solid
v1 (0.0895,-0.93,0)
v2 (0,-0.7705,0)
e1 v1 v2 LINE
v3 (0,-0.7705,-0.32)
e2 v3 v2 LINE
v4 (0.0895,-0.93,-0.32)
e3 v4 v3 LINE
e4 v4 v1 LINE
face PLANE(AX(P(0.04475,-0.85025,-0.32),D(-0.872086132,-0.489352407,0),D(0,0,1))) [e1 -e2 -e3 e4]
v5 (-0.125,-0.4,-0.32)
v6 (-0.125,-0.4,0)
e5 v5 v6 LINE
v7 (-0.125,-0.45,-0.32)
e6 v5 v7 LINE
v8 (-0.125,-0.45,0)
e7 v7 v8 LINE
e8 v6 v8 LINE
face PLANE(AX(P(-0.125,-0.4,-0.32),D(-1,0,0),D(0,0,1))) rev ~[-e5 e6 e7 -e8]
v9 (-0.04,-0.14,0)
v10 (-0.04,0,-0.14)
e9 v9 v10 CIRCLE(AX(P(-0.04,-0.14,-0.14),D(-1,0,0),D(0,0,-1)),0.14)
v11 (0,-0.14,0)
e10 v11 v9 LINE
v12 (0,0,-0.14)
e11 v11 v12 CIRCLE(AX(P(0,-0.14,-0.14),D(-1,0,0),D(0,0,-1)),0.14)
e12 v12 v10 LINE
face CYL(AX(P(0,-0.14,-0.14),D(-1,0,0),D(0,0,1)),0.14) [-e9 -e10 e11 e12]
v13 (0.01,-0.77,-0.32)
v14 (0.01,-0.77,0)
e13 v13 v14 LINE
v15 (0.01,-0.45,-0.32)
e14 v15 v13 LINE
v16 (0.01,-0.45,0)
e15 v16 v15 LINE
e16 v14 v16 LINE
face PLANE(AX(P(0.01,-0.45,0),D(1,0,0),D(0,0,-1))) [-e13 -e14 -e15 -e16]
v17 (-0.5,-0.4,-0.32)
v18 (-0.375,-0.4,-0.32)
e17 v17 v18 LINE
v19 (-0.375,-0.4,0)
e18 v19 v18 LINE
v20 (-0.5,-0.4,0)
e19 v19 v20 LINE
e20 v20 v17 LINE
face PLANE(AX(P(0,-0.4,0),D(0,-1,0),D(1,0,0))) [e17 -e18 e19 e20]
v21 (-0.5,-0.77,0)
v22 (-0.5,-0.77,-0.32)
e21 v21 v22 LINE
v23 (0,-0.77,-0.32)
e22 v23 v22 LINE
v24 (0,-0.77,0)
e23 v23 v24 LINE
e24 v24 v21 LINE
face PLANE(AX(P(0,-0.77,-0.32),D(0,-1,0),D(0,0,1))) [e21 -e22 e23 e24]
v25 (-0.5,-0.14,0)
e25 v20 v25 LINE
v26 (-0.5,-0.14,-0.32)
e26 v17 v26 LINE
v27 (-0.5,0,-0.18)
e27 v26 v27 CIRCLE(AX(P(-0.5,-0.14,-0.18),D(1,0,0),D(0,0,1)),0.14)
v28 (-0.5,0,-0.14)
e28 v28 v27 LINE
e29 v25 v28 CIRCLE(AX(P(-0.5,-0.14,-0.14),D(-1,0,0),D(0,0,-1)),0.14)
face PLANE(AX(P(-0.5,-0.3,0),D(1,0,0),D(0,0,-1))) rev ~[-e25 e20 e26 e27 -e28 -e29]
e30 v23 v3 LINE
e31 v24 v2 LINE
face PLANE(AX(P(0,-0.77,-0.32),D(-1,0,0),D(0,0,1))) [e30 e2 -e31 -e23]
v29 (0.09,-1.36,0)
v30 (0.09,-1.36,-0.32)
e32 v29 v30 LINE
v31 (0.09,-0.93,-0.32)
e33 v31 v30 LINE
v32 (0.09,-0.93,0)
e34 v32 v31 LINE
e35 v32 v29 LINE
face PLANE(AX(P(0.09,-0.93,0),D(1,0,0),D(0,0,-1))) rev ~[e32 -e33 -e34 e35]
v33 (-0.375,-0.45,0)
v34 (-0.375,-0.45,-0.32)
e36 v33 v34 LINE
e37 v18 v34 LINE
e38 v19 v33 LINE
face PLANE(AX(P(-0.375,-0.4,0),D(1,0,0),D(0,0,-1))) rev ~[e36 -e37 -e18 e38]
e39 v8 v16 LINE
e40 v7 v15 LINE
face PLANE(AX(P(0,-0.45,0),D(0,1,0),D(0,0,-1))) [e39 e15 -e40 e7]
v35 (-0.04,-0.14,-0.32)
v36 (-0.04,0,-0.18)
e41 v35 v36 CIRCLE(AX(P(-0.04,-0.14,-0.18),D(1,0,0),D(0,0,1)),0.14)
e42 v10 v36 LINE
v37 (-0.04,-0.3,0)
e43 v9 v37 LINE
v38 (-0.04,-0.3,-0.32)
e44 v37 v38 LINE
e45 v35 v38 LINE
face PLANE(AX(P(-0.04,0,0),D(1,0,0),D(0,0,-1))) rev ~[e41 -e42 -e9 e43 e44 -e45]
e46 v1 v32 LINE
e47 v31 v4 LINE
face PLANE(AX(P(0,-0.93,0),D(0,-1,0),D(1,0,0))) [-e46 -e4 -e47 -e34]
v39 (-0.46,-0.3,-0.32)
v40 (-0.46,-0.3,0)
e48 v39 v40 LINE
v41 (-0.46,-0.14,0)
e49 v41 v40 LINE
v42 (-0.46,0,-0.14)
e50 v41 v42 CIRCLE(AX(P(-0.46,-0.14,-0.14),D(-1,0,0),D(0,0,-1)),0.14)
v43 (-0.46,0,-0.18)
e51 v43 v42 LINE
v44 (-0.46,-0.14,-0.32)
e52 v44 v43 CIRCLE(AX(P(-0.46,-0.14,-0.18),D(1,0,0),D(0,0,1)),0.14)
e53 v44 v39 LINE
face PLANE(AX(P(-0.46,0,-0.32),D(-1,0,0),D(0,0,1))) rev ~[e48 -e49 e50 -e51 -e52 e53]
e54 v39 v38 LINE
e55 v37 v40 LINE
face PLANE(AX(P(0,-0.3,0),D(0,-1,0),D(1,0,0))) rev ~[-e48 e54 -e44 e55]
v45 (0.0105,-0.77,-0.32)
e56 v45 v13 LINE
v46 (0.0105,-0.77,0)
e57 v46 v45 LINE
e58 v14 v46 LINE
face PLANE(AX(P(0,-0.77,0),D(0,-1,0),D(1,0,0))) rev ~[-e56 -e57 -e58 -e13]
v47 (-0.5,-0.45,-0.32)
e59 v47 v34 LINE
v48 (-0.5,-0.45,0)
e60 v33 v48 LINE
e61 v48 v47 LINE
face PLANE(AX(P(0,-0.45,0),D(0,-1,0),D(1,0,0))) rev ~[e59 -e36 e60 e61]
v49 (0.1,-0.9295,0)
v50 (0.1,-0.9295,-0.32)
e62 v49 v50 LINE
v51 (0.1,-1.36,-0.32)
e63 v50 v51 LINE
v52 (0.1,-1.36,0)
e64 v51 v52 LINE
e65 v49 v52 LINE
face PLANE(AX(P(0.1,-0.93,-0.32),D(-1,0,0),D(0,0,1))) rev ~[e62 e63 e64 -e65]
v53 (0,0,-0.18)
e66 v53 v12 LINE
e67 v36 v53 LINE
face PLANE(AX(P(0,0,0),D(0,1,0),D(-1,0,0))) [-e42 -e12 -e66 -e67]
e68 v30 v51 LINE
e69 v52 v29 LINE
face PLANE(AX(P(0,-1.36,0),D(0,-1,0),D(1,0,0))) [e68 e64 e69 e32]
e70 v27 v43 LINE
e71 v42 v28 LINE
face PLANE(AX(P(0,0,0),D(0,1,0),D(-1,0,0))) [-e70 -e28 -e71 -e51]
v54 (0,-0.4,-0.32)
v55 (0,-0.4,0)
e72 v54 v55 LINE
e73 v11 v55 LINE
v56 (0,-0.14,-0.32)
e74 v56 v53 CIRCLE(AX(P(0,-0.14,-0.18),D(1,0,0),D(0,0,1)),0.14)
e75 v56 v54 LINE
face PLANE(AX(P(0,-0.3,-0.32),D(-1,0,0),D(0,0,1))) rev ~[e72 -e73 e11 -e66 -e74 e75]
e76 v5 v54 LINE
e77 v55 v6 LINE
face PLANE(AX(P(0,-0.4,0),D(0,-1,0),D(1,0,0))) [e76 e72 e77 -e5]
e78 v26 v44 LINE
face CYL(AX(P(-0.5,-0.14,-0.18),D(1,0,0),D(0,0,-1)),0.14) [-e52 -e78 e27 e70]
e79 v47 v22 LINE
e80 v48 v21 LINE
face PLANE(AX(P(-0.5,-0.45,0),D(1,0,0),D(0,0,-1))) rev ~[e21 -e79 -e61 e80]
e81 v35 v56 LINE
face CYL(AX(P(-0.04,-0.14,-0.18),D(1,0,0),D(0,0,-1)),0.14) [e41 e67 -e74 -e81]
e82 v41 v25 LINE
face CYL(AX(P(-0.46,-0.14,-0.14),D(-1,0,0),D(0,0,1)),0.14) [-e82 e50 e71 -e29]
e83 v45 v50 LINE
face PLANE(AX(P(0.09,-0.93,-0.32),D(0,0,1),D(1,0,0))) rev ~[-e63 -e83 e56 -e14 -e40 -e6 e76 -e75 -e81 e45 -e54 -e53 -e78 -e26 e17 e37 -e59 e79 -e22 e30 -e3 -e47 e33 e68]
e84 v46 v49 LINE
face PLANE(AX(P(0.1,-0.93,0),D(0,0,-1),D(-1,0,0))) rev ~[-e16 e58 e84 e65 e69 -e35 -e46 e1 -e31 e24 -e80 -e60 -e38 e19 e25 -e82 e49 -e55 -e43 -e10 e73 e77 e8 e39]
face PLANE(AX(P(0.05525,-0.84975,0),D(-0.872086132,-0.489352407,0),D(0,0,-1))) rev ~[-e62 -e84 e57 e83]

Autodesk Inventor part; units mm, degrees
ref_plane "YZ Plane" through (0, 0, 0) normal (1, 0, 0) x (0, 1, 0)
ref_plane "XZ Plane" through (0, 0, 0) normal (0, 1, 0) x (-1, 0, 0)
ref_plane "XY Plane" through (0, 0, 0) normal (0, 0, 1) x (1, 0, 0)
sketch "スケッチ1" plane through (0, 0, 0) normal (0, 1, 0) x (-1, 0, 0)
  line L0 (0, 0) -> (0.04, 0)
  line L1 (0.04, 0) -> (0.04, -0.32)
  line L2 (0.04, -0.32) -> (0, -0.32)
  line L3 (0, -0.32) -> (0, 0)
  line L4 (0.46, 0) -> (0.5, 0)
  line L5 (0.5, 0) -> (0.5, -0.32)
  line L6 (0.5, -0.32) -> (0.46, -0.32)
  line L7 (0.46, -0.32) -> (0.46, 0)
  dimension "d0" = 0.04
  dimension "d1" = 0.32
  dimension "d2" = 0.04
extrude "押し出し1" add sketch "スケッチ1" against normal blind 0.3
sketch "スケッチ2" plane through (0, -0.3, 0) normal (0, -1, 0) x (1, 0, 0)
  line L0 (0, -0.32) -> (0, 0) projected
  line L1 (-0.5, 0) -> (-0.5, -0.32) projected
  line L2 (0, 0) -> (-0.5, 0)
  line L3 (-0.5, 0) -> (-0.5, -0.32)
  line L4 (-0.5, -0.32) -> (0, -0.32)
  line L5 (0, -0.32) -> (0, 0)
extrude "押し出し2" add sketch "スケッチ2" along normal blind 0.1
sketch "スケッチ3" plane through (0, -0.4, 0) normal (0, -1, 0) x (1, 0, 0)
  line L0 (-0.04, 0) -> (-0.46, 0) projected
  line L1 (-0.46, -0.32) -> (-0.04, -0.32) projected
  line L2 (-0.125, 0) -> (-0.375, 0)
  line L3 (-0.375, 0) -> (-0.375, -0.32)
  line L4 (-0.375, -0.32) -> (-0.125, -0.32)
  line L5 (-0.125, -0.32) -> (-0.125, 0)
  point P0 (0, 0)
  dimension "d7" = 0.25
extrude "押し出し3" add sketch "スケッチ3" along normal blind 0.05
sketch "スケッチ4" plane through (0, -0.45, 0) normal (0, -1, 0) x (1, 0, 0)
  line L0 (-0.5, 0) -> (-0.5, -0.32) projected
  line L1 (0, 0) -> (-0.5, 0)
  line L2 (-0.5, 0) -> (-0.5, -0.32)
  line L3 (-0.5, -0.32) -> (0, -0.32)
  line L4 (0, -0.32) -> (0, 0)
extrude "押し出し4" add sketch "スケッチ4" along normal blind 0.32
sketch "スケッチ5" plane through (0, -0.45, 0) normal (1, 0, 0) x (0, 0, -1)
  line L0 (0.32, 0) -> (0.32, -0.32) projected
  line L1 (0, 0) -> (0.32, 0)
  line L2 (0.32, 0) -> (0.32, -0.32)
  line L3 (0.32, -0.32) -> (0, -0.32)
  line L4 (0, -0.32) -> (0, 0)
  point P0 (0, 0.45)
extrude "押し出し5" add sketch "スケッチ5" along normal blind 0.01
sketch "スケッチ6" plane through (0, -0.77, 0) normal (0, -1, 0) x (1, 0, 0)
  line L0 (0, -0.32) -> (0, 0) projected
  line L1 (0, 0) -> (0.1, 0)
  line L2 (0.1, 0) -> (0.1, -0.32)
  line L3 (0.1, -0.32) -> (0, -0.32)
  line L4 (0, -0.32) -> (0, 0)
  dimension "d14" = 0.1
extrude "押し出し6" add sketch "スケッチ6" along normal blind 0.16
chamfer "面取り1" distance 0.09 distance2 0.16 1 edges at (0, -0.93, -0.16) measured on face at (0.0333, -0.93, -0.1067)
chamfer "面取り2" distance 0.09 distance2 0.16 1 edges at (0.1, -0.77, -0.16) measured on face at (0.04, -0.77, -0.1067)
sketch "スケッチ7" plane through (0, -0.93, 0) normal (0, -1, 0) x (1, 0, 0)
  line L0 (0.1, -0.32) -> (0.1, 0) projected
  line L1 (0, -0.32) -> (0.09, -0.32) projected
  line L2 (0.1, 0) -> (0.09, 0)
  line L3 (0.09, 0) -> (0.09, -0.32)
  line L4 (0.09, -0.32) -> (0.1, -0.32)
  line L5 (0.1, -0.32) -> (0.1, 0)
  point P0 (0, 0)
extrude "押し出し7" add sketch "スケッチ7" along normal blind 0.43
fillet "フィレット1" radius 0.14 4 edges at (-0.02, 0, 0) (-0.02, 0, -0.32) (-0.48, 0, 0) (-0.48, 0, -0.32)
sketch "スケッチ8" plane through (-0.46, -0.3, 0) normal (0, 0, 1) x (1, 0, 0)
  point P0 (0.46, 0.3)
properties part number "CRANEJ4"
